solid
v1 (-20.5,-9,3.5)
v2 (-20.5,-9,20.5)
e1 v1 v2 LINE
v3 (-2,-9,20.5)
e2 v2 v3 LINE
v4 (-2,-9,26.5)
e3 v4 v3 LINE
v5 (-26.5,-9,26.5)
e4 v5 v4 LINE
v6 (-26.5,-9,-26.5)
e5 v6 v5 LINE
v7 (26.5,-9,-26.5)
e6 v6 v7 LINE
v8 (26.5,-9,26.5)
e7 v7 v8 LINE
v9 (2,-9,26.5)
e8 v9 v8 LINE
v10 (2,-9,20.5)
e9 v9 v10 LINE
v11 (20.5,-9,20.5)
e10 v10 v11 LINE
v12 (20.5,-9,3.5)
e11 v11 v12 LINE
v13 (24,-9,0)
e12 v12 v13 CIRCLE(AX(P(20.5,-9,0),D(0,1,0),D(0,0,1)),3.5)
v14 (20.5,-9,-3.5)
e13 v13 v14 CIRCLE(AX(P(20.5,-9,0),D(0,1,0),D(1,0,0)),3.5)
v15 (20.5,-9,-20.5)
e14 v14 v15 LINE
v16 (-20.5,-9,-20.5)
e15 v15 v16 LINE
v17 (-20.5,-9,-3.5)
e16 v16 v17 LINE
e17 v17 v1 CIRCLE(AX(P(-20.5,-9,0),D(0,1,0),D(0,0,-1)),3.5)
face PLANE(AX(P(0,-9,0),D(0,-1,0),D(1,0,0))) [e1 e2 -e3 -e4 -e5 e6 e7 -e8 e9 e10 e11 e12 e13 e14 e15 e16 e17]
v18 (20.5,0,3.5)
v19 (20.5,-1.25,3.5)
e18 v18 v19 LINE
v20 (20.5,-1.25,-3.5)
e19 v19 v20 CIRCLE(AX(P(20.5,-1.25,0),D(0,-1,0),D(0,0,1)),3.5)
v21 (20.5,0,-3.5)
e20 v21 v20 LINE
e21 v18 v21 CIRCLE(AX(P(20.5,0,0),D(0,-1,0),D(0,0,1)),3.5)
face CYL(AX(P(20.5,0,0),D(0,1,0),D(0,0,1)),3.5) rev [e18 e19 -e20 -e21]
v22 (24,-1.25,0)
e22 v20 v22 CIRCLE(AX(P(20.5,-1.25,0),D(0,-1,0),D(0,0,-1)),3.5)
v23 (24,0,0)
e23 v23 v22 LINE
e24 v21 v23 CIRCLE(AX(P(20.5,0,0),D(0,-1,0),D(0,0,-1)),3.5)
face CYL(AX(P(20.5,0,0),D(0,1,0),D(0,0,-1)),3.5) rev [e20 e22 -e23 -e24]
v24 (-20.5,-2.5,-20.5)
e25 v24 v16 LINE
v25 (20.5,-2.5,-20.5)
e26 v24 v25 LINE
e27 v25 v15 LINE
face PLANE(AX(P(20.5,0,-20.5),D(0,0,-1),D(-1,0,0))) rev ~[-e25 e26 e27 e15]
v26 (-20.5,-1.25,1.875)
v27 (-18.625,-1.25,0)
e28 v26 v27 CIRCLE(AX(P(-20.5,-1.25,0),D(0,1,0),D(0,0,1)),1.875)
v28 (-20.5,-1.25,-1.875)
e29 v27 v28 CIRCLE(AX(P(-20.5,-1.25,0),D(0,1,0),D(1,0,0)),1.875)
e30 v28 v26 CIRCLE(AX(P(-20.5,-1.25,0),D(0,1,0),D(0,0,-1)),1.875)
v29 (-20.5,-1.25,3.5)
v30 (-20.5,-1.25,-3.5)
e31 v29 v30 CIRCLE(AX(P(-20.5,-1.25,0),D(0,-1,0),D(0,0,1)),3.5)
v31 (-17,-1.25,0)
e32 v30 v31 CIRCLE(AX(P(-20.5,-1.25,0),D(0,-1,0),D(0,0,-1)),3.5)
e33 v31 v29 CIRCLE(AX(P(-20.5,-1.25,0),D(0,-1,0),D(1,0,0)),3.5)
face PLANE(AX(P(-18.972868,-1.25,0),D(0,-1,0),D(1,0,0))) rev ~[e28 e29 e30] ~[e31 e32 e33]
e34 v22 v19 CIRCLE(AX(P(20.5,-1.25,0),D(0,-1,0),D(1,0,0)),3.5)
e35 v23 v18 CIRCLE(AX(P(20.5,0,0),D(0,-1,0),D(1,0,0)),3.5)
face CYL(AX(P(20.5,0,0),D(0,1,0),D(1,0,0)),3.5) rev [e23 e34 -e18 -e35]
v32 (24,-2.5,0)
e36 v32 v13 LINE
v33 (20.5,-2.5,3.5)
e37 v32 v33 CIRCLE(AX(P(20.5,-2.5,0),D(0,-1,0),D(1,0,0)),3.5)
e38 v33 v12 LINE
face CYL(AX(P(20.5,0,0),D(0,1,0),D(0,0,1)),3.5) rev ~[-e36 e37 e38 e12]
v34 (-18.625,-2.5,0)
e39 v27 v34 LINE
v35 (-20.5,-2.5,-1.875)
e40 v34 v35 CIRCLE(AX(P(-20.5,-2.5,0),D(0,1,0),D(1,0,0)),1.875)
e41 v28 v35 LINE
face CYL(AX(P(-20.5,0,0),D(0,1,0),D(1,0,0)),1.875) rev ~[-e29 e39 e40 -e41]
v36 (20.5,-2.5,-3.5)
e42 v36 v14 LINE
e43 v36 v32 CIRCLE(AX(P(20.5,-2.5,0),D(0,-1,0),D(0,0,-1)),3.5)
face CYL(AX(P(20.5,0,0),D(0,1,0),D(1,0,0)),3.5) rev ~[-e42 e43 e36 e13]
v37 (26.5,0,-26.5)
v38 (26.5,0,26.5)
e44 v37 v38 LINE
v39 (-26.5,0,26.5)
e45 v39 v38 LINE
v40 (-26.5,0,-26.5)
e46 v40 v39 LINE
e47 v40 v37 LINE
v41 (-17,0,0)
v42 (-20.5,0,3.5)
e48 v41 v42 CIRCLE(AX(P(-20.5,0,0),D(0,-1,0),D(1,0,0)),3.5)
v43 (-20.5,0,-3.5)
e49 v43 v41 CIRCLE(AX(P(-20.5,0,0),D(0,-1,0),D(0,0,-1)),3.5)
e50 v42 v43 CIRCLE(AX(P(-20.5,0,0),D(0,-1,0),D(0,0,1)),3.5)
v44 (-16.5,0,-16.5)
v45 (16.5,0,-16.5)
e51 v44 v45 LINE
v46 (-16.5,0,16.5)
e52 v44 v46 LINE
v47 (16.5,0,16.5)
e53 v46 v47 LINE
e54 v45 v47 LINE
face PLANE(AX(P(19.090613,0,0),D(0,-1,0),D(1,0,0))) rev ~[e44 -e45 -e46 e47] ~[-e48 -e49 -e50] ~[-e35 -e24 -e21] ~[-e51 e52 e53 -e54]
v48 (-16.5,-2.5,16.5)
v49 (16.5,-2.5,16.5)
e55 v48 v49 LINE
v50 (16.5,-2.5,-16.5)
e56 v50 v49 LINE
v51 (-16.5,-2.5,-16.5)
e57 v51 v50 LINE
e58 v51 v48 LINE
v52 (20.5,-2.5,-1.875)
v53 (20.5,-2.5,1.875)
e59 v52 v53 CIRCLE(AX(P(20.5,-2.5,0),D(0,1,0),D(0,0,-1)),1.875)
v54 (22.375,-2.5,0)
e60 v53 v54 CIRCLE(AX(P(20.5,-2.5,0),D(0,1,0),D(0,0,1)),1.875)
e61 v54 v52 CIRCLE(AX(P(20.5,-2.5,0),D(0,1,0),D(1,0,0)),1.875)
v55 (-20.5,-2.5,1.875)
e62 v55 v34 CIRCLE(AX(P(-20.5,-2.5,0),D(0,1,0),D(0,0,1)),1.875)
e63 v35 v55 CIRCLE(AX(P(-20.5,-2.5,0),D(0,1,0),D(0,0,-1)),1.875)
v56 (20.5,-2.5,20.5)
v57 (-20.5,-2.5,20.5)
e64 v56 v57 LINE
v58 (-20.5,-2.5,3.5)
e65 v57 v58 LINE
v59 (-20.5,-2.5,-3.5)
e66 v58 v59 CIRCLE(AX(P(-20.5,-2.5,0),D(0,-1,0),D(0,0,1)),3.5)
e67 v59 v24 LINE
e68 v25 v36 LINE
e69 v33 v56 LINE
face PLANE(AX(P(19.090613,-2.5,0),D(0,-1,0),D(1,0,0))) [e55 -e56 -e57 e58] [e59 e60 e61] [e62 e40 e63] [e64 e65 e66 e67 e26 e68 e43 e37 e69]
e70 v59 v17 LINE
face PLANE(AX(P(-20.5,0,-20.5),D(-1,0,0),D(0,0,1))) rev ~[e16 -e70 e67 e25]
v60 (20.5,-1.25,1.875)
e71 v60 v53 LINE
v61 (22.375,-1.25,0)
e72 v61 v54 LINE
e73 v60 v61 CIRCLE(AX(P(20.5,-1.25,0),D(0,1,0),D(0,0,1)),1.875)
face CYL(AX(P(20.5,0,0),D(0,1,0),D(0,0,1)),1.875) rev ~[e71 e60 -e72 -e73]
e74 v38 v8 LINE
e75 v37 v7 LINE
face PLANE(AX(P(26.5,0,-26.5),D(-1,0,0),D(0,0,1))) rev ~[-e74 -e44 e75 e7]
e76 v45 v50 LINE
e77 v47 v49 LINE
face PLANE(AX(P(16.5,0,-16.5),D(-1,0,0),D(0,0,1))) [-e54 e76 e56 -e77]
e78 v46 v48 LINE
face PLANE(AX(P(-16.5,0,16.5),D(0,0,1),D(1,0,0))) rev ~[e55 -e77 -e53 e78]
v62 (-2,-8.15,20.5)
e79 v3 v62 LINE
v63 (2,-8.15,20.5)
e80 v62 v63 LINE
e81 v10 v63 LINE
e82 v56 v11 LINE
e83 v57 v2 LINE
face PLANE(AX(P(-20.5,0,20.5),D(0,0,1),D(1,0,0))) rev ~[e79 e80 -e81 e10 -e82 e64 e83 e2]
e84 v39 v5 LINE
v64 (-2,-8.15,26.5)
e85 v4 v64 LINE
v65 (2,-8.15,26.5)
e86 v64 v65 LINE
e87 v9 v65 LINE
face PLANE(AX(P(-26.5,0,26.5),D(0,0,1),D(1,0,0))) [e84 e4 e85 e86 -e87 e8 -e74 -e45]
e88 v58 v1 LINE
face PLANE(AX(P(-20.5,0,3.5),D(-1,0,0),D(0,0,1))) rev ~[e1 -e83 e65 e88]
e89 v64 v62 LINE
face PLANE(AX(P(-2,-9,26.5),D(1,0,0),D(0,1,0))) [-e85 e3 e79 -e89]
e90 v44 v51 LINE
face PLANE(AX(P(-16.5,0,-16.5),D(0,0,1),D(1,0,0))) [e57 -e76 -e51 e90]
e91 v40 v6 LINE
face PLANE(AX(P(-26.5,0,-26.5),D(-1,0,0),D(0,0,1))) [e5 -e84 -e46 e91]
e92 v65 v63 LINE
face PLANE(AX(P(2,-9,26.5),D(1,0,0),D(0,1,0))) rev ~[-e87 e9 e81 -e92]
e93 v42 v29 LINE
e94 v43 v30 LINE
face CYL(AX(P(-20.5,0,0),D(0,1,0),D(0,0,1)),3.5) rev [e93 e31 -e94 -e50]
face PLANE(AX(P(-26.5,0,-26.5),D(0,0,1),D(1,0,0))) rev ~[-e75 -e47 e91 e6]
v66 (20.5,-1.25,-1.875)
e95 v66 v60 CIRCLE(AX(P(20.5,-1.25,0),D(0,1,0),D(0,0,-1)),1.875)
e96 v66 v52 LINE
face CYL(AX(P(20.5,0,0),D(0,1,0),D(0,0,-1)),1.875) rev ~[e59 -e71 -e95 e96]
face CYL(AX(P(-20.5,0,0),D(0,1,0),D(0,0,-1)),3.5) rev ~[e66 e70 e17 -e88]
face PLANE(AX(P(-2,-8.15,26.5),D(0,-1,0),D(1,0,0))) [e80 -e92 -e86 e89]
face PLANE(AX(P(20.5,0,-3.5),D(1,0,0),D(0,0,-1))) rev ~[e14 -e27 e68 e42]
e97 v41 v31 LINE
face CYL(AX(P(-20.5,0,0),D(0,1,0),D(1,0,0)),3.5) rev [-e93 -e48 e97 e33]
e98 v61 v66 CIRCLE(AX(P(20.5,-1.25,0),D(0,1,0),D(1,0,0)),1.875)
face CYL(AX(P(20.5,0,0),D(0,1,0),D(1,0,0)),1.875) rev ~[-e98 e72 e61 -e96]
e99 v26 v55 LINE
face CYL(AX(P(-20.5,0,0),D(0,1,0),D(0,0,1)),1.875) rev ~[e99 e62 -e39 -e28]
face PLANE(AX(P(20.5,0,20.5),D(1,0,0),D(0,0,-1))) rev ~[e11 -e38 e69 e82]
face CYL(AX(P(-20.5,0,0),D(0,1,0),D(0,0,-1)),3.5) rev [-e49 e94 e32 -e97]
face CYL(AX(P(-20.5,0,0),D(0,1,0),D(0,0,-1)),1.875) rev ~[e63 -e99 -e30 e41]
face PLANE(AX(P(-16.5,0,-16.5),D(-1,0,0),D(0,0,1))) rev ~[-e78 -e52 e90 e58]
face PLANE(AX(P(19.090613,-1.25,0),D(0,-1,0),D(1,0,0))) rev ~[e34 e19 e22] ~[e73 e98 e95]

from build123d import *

# Parameters (mm, degrees)
F0_W     = 33
F0_H     = 33
F1_DEPTH = 2.5
F0_W_2   = 53
F0_H_2   = 53
F0_W_3   = 49.5
F0_H_3   = 49.5
F2_DEPTH = 9
F3_W     = 4
F3_H     = 0.85
F4_DEPTH = 6.75
F5_DEPTH = 2.5
F6_DEPTH = 1.25


with BuildPart() as f1:
    # F0 (on Front) → F1 (new body)
    with BuildSketch(Plane.XZ):
        with BuildLine():
            Line((-20.5, -20.5), (20.5, -20.5))
            Line((20.5, -20.5), (20.5, -3.5))
            ThreePointArc((20.5, -3.5), (17, 0), (20.5, 3.5))
            Line((20.5, 3.5), (20.5, 20.5))
            Line((20.5, 20.5), (-20.5, 20.5))
            Line((-20.5, 20.5), (-20.5, 3.5))
            ThreePointArc((-20.5, 3.5), (-18.0251262658, 2.4748737342), (-17, 0))
            ThreePointArc((-17, 0), (-18.0251262658, -2.4748737342), (-20.5, -3.5))
            Line((-20.5, -3.5), (-20.5, -20.5))
        make_face()
        Rectangle(F0_W, F0_H, mode=Mode.SUBTRACT)
    extrude(amount=F1_DEPTH)

    # F0 (on Front) → F2 (join)
    with BuildSketch(Plane.XZ):
        Rectangle(F0_W_2, F0_H_2)
        Rectangle(F0_W_3, F0_H_3, mode=Mode.SUBTRACT)
        Rectangle(F0_W_3, F0_H_3)
        with BuildLine():
            Line((20.5, -3.5), (20.5, -20.5))
            Line((20.5, -20.5), (-20.5, -20.5))
            Line((-20.5, -20.5), (-20.5, -3.5))
            ThreePointArc((-20.5, -3.5), (-24, 0), (-20.5, 3.5))
            Line((-20.5, 3.5), (-20.5, 20.5))
            Line((-20.5, 20.5), (20.5, 20.5))
            Line((20.5, 20.5), (20.5, 3.5))
            ThreePointArc((20.5, 3.5), (22.9748737342, 2.4748737342), (24, 0))
            ThreePointArc((24, 0), (22.9748737342, -2.4748737342), (20.5, -3.5))
        make_face(mode=Mode.SUBTRACT)
    extrude(amount=F2_DEPTH)

    # F3 (on face) → F4 (cut)
    with BuildSketch(Plane.XY.offset(26.5)):
        with Locations((0, -8.575)):
            Rectangle(F3_W, F3_H)
    extrude(amount=-F4_DEPTH, mode=Mode.SUBTRACT)

    # F0 (on Front) → F5 (join)
    with BuildSketch(Plane.XZ):
        with BuildLine():
            ThreePointArc((20.5, 3.5), (17, 0), (20.5, -3.5))
            Line((20.5, -3.5), (20.5, -1.875))
            ThreePointArc((20.5, -1.875), (18.625, 0), (20.5, 1.875))
            Line((20.5, 1.875), (20.5, 3.5))
        make_face()
        with BuildLine():
            Line((20.5, -1.875), (20.5, -3.5))
            ThreePointArc((20.5, -3.5), (22.9748737342, -2.4748737342), (24, 0))
            ThreePointArc((24, 0), (22.9748737342, 2.4748737342), (20.5, 3.5))
            Line((20.5, 3.5), (20.5, 1.875))
            ThreePointArc((20.5, 1.875), (21.8258252147, 1.3258252147), (22.375, 0))
            ThreePointArc((22.375, 0), (21.8258252147, -1.3258252147), (20.5, -1.875))
        make_face()
        with BuildLine():
            Line((-20.5, -1.875), (-20.5, -3.5))
            ThreePointArc((-20.5, -3.5), (-18.0251262658, -2.4748737342), (-17, 0))
            ThreePointArc((-17, 0), (-18.0251262658, 2.4748737342), (-20.5, 3.5))
            Line((-20.5, 3.5), (-20.5, 1.875))
            ThreePointArc((-20.5, 1.875), (-19.1741747853, 1.3258252147), (-18.625, 0))
            ThreePointArc((-18.625, 0), (-19.1741747853, -1.3258252147), (-20.5, -1.875))
        make_face()
        with BuildLine():
            ThreePointArc((-20.5, 3.5), (-24, 0), (-20.5, -3.5))
            Line((-20.5, -3.5), (-20.5, -1.875))
            ThreePointArc((-20.5, -1.875), (-22.375, 0), (-20.5, 1.875))
            Line((-20.5, 1.875), (-20.5, 3.5))
        make_face()
    extrude(amount=F5_DEPTH)

    # F0 (on Front) → F6 (cut)
    with BuildSketch(Plane.XZ):
        with BuildLine():
            ThreePointArc((20.5, 3.5), (17, 0), (20.5, -3.5))
            Line((20.5, -3.5), (20.5, -1.875))
            ThreePointArc((20.5, -1.875), (18.625, 0), (20.5, 1.875))
            Line((20.5, 1.875), (20.5, 3.5))
        make_face()
        with BuildLine():
            Line((20.5, -1.875), (20.5, -3.5))
            ThreePointArc((20.5, -3.5), (22.9748737342, -2.4748737342), (24, 0))
            ThreePointArc((24, 0), (22.9748737342, 2.4748737342), (20.5, 3.5))
            Line((20.5, 3.5), (20.5, 1.875))
            ThreePointArc((20.5, 1.875), (21.8258252147, 1.3258252147), (22.375, 0))
            ThreePointArc((22.375, 0), (21.8258252147, -1.3258252147), (20.5, -1.875))
        make_face()
        with BuildLine():
            Line((-20.5, -1.875), (-20.5, -3.5))
            ThreePointArc((-20.5, -3.5), (-18.0251262658, -2.4748737342), (-17, 0))
            ThreePointArc((-17, 0), (-18.0251262658, 2.4748737342), (-20.5, 3.5))
            Line((-20.5, 3.5), (-20.5, 1.875))
            ThreePointArc((-20.5, 1.875), (-19.1741747853, 1.3258252147), (-18.625, 0))
            ThreePointArc((-18.625, 0), (-19.1741747853, -1.3258252147), (-20.5, -1.875))
        make_face()
        with BuildLine():
            ThreePointArc((-20.5, 3.5), (-24, 0), (-20.5, -3.5))
            Line((-20.5, -3.5), (-20.5, -1.875))
            ThreePointArc((-20.5, -1.875), (-22.375, 0), (-20.5, 1.875))
            Line((-20.5, 1.875), (-20.5, 3.5))
        make_face()
    extrude(amount=F6_DEPTH, mode=Mode.SUBTRACT)


solid = f1.part
